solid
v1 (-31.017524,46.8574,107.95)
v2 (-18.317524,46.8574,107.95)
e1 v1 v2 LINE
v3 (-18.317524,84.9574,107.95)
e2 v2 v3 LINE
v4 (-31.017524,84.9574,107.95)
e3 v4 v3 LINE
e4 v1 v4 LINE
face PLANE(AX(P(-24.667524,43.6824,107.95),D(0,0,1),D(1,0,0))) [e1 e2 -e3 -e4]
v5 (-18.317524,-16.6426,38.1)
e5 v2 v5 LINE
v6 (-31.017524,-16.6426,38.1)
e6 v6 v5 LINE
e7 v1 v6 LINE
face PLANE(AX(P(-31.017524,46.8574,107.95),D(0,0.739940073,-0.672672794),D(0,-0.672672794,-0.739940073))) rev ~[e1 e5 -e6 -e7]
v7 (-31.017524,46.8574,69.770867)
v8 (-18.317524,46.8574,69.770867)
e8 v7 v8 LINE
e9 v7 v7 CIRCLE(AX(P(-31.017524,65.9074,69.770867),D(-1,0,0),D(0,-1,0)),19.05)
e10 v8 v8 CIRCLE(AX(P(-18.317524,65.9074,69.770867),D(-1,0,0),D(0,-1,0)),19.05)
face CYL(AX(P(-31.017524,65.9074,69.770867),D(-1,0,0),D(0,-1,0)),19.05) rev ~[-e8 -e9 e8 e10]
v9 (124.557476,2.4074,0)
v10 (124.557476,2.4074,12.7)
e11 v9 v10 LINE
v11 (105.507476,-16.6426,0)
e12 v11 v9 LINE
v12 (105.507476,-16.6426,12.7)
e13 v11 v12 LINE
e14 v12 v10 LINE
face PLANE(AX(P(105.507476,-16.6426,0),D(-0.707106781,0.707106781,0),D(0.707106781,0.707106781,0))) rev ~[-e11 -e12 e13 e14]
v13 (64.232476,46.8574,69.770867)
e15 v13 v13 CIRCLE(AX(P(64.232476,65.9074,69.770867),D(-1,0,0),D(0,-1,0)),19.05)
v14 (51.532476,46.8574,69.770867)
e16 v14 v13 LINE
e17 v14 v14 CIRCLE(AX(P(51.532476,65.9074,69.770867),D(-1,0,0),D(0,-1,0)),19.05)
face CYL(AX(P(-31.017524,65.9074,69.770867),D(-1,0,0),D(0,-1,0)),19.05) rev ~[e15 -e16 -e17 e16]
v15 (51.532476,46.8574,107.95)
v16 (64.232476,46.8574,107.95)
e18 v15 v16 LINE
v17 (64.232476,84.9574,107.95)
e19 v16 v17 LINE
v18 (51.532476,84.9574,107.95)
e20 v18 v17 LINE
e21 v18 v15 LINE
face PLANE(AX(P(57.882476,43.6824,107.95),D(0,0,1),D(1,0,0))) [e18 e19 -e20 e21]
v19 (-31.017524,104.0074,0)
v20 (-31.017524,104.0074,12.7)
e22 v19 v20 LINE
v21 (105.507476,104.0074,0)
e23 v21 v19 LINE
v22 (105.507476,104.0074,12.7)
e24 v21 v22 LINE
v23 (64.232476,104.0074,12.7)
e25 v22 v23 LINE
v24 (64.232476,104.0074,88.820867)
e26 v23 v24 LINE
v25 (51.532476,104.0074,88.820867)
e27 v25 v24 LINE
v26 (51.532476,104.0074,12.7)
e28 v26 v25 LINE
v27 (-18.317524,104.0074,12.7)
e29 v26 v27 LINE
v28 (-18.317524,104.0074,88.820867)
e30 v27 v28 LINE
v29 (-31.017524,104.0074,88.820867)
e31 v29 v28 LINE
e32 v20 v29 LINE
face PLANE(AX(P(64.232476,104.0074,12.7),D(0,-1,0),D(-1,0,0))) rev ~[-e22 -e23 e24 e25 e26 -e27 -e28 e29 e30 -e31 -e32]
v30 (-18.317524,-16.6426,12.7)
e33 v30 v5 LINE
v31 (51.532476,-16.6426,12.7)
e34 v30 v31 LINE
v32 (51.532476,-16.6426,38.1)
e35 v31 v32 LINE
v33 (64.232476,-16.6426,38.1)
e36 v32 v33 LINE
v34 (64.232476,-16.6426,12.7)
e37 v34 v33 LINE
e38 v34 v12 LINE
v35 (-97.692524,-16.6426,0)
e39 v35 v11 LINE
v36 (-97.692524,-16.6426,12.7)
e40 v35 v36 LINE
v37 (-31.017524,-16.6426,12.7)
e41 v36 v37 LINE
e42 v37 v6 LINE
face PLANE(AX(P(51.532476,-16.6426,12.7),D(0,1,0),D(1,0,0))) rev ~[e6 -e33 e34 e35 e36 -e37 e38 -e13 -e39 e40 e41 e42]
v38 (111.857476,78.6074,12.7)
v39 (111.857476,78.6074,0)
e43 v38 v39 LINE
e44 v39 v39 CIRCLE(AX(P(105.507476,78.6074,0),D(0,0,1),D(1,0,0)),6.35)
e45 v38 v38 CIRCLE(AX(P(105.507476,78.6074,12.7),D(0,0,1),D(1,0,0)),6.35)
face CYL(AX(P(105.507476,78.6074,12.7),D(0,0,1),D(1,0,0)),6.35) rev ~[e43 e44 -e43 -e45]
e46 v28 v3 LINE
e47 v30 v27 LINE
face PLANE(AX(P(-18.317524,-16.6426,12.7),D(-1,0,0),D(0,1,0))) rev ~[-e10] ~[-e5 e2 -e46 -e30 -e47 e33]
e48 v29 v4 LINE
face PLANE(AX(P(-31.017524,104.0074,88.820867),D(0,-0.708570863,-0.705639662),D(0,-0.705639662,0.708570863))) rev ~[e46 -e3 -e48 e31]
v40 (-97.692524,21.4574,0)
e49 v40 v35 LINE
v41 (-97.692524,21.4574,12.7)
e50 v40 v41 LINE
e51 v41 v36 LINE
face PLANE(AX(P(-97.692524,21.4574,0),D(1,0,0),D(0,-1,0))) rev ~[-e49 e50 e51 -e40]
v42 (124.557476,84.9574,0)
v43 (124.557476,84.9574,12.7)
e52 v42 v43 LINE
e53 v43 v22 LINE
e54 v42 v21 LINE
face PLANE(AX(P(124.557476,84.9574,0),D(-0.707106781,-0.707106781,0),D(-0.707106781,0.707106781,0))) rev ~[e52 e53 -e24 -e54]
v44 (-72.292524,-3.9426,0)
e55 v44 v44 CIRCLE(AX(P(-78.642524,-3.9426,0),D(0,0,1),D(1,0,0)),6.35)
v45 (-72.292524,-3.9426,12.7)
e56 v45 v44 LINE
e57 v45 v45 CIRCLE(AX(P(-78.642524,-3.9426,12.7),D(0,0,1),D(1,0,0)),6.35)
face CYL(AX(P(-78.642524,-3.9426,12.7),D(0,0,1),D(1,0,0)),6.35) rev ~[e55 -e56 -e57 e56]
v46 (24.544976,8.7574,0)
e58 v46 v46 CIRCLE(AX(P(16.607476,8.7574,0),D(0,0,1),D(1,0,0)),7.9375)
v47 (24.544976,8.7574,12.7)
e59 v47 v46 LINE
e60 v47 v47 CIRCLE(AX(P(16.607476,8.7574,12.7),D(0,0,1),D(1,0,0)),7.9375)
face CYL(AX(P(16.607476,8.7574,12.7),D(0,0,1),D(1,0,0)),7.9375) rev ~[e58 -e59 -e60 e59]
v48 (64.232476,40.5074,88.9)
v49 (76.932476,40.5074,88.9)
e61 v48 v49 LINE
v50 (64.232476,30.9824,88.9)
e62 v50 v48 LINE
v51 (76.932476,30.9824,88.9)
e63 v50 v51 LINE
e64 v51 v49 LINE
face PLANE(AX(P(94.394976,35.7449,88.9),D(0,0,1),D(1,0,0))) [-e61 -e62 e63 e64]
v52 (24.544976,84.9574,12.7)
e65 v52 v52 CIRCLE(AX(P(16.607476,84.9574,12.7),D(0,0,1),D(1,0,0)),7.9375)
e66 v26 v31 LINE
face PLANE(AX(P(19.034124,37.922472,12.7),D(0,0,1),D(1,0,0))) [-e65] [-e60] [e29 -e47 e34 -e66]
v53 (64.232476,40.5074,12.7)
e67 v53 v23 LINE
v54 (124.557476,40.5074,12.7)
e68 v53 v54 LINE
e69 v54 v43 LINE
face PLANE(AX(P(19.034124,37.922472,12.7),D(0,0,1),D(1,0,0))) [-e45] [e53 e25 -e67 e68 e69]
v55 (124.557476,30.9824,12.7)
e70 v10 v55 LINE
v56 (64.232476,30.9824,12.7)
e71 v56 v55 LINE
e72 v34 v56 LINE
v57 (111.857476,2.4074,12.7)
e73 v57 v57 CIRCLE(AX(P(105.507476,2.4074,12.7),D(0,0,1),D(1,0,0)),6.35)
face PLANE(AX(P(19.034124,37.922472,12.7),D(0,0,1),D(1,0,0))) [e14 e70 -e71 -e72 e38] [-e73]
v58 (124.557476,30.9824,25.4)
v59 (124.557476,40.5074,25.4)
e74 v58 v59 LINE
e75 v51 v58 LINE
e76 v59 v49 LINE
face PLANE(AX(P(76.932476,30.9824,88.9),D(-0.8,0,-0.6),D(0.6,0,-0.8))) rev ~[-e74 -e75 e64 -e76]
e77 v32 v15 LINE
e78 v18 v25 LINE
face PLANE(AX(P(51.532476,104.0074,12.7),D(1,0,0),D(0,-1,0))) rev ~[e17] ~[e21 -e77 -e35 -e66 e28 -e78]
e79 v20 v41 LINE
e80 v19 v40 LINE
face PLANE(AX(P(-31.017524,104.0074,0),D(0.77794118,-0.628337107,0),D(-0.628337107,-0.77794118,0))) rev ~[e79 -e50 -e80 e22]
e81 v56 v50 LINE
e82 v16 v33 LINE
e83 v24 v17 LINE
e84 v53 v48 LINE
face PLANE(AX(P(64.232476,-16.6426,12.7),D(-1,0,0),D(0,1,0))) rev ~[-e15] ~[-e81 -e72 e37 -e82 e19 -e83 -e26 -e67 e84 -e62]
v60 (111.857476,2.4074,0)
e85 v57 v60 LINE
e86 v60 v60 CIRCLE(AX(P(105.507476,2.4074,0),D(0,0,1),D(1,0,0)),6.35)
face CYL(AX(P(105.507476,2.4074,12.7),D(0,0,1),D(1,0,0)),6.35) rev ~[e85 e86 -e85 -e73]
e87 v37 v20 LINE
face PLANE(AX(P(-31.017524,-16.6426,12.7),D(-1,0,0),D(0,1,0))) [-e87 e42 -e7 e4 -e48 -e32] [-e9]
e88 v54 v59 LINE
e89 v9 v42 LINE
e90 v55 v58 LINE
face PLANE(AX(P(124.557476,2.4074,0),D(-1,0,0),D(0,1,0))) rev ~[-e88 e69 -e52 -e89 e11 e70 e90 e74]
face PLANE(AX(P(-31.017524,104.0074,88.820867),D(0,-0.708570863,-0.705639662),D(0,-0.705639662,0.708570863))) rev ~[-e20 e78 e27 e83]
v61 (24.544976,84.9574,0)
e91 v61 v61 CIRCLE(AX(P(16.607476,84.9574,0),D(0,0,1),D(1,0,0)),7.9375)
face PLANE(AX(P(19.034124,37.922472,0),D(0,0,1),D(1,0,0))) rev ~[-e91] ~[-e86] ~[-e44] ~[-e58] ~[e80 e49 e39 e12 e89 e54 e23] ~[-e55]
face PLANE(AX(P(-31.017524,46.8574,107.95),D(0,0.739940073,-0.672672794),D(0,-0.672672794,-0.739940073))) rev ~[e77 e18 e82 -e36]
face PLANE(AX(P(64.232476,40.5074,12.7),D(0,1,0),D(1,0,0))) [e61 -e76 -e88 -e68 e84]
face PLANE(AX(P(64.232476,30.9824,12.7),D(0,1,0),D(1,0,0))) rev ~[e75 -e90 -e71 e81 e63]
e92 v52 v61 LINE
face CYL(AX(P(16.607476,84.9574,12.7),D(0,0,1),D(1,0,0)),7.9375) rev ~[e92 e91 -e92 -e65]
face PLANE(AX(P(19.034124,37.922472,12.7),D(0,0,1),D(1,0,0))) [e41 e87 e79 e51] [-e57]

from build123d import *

# Parameters (mm, degrees)
F1_DEPTH = 12.7
F2_R     = 6.35
F2_R_2   = 7.9375
F3_DEPTH = 12.701
F2_W     = 60.325
F2_H     = 9.525
F4_DEPTH = 76.2
F2_W_2   = 12.7
F2_H_2   = 120.65
F5_DEPTH = 95.25
F7_DEPTH = 73.026
F8_R     = 19.05
F9_DEPTH = 155.576


with BuildPart() as f1:
    # F0 (on Top) → F1 (new body)
    with BuildSketch(Plane.XY):
        Polygon((-31.017524, 104.0074), (-97.692524, 21.4574), (-97.692524, -16.6426), (105.507476, -16.6426), (124.557476, 2.4074), (124.557476, 84.9574), (105.507476, 104.0074), align=None)
    extrude(amount=F1_DEPTH)

    # F2 (on face) → F3 (cut, through all)
    with BuildSketch(Plane.XY.offset(12.7)):
        with Locations((-78.642524, -3.9426)):
            Circle(F2_R)
        with Locations((16.607476, 8.7574)):
            Circle(F2_R_2)
        with Locations((16.607476, 84.9574)):
            Circle(F2_R_2)
        with Locations((105.507476, 2.4074)):
            Circle(F2_R)
        with Locations((105.507476, 78.6074)):
            Circle(F2_R)
    extrude(amount=-F3_DEPTH, mode=Mode.SUBTRACT)

    # F2 (on face) → F4 (join)
    with BuildSketch(Plane.XY.offset(12.7)):
        with Locations((94.394976, 35.7449)):
            Rectangle(F2_W, F2_H)
    extrude(amount=F4_DEPTH)

    # F2 (on face) → F5 (join)
    with BuildSketch(Plane.XY.offset(12.7)):
        Polygon((64.232476, 104.0074), (51.532476, 104.0074), (51.532476, -16.6426), (64.232476, -16.6426), (64.232476, 30.9824), (64.232476, 40.5074), align=None)
        with Locations((-24.667524, 43.6824)):
            Rectangle(F2_W_2, F2_H_2)
    extrude(amount=F5_DEPTH)

    # F6 (on face) → F7 (cut, through all)
    with BuildSketch(Plane.XZ.offset(-30.9824)):
        Polygon((124.557476, 88.9), (76.932476, 88.9), (124.557476, 25.4), align=None)
    extrude(amount=-F7_DEPTH, mode=Mode.SUBTRACT)

    # F8 (on face) → F9 (cut, through all)
    with BuildSketch(Plane(origin=(-31.017524, 0, 0), x_dir=(0, -1, 0), z_dir=(-1, 0, 0))):
        Polygon((16.6426, 107.95), (-46.8574, 107.95), (16.6426, 38.1), align=None)
        Polygon((-104.0074, 107.95), (-104.0074, 88.820867), (-84.9574, 107.95), align=None)
        with Locations((-65.9074, 69.770867)):
            Circle(F8_R)
    extrude(amount=-F9_DEPTH, mode=Mode.SUBTRACT)


solid = f1.part
